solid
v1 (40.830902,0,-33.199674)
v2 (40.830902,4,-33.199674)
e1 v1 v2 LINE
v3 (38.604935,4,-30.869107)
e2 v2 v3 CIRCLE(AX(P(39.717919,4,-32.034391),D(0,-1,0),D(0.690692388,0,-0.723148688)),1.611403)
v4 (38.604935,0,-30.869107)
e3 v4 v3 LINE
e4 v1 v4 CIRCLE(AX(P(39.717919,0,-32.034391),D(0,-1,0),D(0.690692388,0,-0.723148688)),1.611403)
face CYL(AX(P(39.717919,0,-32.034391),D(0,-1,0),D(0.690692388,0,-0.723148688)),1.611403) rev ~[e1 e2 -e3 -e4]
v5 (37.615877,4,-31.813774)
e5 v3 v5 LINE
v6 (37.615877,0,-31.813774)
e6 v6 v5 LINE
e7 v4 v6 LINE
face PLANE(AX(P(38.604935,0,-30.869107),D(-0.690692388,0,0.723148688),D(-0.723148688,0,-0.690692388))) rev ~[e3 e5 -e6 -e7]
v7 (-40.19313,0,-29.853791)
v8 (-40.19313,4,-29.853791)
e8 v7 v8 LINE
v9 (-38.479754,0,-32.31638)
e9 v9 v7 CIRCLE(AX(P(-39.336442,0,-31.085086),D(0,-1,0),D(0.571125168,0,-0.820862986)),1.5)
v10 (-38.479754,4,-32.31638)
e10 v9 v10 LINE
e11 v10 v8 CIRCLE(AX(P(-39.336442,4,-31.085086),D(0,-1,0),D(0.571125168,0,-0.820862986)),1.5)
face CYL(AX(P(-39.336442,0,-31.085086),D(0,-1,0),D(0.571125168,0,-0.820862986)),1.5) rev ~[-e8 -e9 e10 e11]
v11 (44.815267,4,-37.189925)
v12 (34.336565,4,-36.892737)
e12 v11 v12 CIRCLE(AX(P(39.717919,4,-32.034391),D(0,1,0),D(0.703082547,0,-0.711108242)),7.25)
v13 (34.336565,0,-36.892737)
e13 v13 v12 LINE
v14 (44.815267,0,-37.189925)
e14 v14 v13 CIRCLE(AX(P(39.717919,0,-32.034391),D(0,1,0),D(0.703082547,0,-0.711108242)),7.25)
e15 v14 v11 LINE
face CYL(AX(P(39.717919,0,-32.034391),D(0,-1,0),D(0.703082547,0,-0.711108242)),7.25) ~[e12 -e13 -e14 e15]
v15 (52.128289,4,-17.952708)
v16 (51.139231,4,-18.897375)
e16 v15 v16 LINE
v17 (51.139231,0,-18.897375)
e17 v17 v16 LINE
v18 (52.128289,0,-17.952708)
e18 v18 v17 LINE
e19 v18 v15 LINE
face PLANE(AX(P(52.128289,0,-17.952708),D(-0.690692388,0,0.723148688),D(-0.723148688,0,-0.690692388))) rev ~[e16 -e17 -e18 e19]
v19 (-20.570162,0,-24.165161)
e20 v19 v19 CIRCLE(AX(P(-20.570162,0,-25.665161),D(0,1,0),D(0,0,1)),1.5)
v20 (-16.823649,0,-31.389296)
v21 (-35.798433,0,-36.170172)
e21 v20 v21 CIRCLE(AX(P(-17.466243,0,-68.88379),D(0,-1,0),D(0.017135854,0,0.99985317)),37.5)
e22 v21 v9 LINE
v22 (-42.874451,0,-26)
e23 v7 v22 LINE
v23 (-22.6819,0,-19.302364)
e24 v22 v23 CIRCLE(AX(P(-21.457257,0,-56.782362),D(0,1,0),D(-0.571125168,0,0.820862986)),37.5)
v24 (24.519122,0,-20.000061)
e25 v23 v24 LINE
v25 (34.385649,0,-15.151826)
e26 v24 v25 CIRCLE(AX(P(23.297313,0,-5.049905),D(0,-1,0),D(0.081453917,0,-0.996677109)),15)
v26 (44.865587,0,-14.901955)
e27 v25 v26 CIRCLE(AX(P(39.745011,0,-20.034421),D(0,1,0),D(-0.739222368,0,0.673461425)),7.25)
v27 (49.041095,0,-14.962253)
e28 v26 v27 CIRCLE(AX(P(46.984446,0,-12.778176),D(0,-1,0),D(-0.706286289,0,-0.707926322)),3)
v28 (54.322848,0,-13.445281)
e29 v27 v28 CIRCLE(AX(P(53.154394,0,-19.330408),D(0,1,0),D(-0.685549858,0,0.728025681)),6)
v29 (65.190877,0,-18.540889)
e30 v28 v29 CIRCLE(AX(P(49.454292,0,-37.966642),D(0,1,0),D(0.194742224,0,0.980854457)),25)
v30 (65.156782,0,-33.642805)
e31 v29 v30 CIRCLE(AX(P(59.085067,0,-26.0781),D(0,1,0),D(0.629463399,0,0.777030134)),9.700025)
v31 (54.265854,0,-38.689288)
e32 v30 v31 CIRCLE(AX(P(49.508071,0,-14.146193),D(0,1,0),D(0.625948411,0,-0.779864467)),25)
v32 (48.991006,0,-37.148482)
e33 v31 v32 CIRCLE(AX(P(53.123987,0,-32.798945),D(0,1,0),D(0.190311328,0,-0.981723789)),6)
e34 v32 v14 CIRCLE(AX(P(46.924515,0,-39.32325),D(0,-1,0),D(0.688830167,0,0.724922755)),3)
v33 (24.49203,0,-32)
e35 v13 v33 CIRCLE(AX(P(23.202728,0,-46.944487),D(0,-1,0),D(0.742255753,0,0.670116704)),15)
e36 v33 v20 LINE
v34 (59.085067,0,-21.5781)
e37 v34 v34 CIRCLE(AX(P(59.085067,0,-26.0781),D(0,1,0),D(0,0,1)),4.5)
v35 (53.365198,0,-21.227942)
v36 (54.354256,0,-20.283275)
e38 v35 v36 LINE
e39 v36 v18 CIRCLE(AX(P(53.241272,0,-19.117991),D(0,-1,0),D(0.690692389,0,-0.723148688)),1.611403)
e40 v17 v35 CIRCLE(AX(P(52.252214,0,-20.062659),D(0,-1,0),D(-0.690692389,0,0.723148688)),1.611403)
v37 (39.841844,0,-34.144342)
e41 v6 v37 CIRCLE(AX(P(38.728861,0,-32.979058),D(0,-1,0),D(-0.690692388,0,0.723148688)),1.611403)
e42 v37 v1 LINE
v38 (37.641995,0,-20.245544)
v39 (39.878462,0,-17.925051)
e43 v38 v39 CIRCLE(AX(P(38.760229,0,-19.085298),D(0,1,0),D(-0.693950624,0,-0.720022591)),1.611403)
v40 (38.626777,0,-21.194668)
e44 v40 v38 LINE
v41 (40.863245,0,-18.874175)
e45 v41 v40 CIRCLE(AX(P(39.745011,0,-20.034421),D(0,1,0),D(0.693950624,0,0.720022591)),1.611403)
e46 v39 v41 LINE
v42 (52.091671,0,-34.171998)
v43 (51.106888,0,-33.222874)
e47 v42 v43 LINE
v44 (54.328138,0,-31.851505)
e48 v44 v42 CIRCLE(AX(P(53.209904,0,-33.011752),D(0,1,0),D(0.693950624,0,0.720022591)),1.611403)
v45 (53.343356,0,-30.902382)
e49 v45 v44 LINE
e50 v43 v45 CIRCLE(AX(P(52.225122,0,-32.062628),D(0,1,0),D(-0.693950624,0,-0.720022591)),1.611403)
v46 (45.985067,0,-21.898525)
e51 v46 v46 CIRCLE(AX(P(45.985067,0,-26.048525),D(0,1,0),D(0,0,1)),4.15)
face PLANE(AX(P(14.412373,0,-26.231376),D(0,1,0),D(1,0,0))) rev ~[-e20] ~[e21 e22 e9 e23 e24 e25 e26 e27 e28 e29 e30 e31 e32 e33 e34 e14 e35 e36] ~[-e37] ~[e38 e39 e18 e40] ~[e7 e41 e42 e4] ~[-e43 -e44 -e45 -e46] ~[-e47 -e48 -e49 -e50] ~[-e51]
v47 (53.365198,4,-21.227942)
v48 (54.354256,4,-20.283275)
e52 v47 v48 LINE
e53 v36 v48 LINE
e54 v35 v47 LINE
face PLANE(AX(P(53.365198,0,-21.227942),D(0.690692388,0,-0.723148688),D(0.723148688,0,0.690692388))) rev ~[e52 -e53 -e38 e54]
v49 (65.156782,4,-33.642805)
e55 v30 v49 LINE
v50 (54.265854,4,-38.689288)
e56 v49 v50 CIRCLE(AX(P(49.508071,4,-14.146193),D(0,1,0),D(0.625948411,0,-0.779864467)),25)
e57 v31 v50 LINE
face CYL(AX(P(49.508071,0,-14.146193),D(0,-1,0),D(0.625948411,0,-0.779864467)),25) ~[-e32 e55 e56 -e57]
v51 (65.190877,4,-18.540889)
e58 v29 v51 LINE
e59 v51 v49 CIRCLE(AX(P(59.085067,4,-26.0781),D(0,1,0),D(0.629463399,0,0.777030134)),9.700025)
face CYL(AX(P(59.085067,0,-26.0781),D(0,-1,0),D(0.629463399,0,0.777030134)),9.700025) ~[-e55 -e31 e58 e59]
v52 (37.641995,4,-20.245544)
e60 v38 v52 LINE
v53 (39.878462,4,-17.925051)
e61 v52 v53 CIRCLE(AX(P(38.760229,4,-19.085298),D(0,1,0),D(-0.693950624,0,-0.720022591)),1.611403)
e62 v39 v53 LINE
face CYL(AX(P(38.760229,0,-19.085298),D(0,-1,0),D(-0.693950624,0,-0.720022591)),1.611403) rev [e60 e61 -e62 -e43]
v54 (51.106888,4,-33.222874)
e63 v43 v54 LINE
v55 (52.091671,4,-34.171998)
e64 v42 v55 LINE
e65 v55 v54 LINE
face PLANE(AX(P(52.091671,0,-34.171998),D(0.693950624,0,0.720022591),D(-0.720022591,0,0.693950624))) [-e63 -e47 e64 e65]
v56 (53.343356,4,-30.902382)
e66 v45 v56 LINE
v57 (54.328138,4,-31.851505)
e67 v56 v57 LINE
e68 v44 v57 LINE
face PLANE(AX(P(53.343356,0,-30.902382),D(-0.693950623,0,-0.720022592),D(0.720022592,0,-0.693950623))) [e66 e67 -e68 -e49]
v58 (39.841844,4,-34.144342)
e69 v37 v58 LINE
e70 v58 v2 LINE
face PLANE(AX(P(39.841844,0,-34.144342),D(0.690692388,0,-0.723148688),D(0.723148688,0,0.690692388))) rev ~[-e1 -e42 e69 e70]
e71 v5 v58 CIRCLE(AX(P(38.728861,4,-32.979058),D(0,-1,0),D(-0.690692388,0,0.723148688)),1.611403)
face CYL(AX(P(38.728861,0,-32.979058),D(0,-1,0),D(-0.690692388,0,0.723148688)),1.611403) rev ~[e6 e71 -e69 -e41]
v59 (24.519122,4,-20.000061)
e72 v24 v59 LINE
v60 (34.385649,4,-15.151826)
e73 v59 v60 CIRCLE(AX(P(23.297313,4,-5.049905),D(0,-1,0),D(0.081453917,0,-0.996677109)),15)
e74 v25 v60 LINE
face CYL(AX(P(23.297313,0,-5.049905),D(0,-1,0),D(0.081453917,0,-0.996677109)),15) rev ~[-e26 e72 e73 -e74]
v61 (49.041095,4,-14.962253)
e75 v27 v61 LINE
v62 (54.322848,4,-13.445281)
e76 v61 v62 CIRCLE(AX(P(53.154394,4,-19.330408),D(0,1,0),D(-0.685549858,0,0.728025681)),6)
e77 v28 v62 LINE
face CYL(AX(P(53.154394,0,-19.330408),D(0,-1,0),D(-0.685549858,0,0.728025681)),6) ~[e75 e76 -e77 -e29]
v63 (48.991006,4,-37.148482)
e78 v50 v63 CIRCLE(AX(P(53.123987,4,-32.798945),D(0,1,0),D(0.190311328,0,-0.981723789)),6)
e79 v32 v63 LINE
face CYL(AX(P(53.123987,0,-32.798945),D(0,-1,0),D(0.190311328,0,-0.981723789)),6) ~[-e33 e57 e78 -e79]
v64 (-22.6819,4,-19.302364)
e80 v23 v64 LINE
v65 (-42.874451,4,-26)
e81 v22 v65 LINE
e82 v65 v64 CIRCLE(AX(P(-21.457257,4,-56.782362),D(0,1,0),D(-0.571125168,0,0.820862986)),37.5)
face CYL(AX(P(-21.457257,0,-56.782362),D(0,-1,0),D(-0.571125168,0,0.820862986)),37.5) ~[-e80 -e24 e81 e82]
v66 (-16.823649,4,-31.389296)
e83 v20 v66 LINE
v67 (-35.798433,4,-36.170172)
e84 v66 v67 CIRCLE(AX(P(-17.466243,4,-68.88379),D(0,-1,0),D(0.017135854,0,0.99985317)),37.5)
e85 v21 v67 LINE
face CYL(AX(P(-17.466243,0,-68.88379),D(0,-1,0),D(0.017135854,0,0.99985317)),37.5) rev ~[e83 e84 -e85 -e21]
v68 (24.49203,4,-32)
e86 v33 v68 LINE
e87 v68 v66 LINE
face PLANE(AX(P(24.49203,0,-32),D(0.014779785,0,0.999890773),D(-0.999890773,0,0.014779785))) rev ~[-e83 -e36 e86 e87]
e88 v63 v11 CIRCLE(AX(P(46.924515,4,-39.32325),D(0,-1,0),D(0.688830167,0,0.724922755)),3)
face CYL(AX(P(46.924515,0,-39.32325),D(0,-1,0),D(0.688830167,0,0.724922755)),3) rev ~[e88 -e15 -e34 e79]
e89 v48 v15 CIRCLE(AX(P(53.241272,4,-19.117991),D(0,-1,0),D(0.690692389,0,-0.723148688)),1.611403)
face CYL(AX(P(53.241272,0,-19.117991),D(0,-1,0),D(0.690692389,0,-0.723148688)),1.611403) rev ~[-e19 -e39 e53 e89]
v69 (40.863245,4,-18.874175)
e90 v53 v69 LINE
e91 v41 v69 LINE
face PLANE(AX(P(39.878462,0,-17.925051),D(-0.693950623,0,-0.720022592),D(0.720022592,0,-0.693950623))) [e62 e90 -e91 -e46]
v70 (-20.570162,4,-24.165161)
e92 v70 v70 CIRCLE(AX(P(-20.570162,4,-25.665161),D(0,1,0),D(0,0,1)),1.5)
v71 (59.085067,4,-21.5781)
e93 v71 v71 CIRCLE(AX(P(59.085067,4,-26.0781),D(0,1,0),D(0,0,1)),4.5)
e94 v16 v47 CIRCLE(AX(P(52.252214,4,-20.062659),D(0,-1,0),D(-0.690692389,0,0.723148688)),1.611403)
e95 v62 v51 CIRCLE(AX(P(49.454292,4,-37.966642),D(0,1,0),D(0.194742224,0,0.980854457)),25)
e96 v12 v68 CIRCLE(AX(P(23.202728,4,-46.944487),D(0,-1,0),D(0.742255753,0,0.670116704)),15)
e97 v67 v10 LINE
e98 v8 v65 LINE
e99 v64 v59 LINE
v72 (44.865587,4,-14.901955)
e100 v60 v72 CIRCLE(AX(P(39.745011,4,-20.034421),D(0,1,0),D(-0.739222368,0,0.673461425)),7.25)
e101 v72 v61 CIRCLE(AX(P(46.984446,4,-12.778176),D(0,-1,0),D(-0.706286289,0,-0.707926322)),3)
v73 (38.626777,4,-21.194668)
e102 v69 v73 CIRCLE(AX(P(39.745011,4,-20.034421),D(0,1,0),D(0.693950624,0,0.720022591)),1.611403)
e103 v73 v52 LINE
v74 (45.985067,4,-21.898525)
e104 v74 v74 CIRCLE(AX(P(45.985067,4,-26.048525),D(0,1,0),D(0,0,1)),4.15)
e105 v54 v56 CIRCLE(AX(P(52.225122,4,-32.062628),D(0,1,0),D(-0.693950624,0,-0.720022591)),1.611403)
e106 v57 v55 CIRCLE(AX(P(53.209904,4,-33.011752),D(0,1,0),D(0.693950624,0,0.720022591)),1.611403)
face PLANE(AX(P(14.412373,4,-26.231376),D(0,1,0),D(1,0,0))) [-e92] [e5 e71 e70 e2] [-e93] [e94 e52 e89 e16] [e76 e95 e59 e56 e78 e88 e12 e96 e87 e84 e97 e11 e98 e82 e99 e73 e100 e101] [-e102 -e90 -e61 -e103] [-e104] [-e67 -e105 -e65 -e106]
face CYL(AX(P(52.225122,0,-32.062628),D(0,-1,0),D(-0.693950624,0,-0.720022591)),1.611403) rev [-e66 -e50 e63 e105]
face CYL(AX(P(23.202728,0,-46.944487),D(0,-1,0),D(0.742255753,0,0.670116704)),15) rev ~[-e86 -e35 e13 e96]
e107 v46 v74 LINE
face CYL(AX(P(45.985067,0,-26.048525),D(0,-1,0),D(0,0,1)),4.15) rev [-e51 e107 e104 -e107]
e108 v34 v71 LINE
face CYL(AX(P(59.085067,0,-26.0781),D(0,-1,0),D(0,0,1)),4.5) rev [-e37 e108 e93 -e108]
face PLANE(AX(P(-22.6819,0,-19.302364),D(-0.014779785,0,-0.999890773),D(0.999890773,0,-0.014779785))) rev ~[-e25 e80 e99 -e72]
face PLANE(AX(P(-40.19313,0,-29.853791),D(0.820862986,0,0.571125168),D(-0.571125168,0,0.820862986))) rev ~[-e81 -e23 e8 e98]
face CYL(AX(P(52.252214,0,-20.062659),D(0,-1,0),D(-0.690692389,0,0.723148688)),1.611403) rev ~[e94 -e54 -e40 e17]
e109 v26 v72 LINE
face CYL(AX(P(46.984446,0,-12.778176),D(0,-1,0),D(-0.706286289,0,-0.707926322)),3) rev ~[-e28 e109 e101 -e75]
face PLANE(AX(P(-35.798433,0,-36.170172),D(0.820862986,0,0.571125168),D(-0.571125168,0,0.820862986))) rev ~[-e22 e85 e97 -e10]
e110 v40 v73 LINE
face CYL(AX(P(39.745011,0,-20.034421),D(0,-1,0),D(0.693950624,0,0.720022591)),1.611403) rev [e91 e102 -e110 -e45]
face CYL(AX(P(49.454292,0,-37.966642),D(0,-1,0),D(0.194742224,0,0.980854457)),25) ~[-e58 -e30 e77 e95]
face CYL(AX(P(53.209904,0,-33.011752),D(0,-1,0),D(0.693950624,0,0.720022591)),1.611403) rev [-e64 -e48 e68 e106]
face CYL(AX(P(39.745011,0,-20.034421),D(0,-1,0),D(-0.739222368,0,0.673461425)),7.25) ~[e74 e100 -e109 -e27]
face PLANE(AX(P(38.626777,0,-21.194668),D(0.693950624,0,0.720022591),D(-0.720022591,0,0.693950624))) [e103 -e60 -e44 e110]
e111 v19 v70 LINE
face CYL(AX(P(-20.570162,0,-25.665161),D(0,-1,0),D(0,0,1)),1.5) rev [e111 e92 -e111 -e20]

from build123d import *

# Parameters (mm, degrees)
SKETCH1_R           = 4.5
SKETCH1_R_2         = 4.15
SKETCH1_R_3         = 1.5
BOSS_EXTRUDE2_DEPTH = 4


with BuildPart() as part:
    # Sketch1 → Boss-Extrude2 (new body)
    with BuildSketch(Plane(origin=(0, 0, 0), x_dir=(1, 0, 0), z_dir=(0, 1, 0))):
        with BuildLine():
            Line((24.492030041, 32), (-16.82364897, 31.38929644))
            ThreePointArc((-16.82364897, 31.38929644), (-26.628373919, 32.520273369), (-35.798432863, 36.170171872))
            Line((-35.798432863, 36.170171872), (-38.479754021, 32.316380416))
            ThreePointArc((-38.479754021, 32.316380416), (-38.105147294, 30.228398184), (-40.193129525, 29.853791457))
            Line((-40.193129525, 29.853791457), (-42.874450683, 26))
            ThreePointArc((-42.874450683, 26), (-33.263093393, 21.189213431), (-22.681899906, 19.302363998))
            Line((-22.681899906, 19.302363998), (24.519122197, 20.000061166))
            ThreePointArc((24.519122197, 20.000061166), (29.912542793, 18.512398384), (34.38564897, 15.151825901))
            ThreePointArc((34.38564897, 15.151825901), (39.572200335, 12.78648108), (44.865586737, 14.901955396))
            ThreePointArc((44.865586737, 14.901955396), (46.941127439, 15.77786367), (49.041095181, 14.962253472))
            ThreePointArc((49.041095181, 14.962253472), (51.498094019, 13.563547988), (54.322847672, 13.445280812))
            ThreePointArc((54.322847672, 13.445280812), (60.067220976, 15.331144894), (65.190877045, 18.540888881))
            ThreePointArc((65.190877045, 18.540888881), (68.785066518, 26.1), (65.156781581, 33.642805002))
            ThreePointArc((65.156781581, 33.642805002), (60.018684596, 36.829381119), (54.265854499, 38.689288065))
            ThreePointArc((54.265854499, 38.689288065), (51.441663661, 38.558267317), (48.991005527, 37.148481859))
            ThreePointArc((48.991005527, 37.148481859), (46.894741967, 36.323397867), (44.815267383, 37.189925399))
            ThreePointArc((44.815267383, 37.189925399), (39.512382816, 39.281476607), (34.336564706, 36.892736755))
            ThreePointArc((34.336564706, 36.892736755), (29.878678322, 33.512000849), (24.492030041, 32))
        make_face()
        with Locations(Location((59.085066518, 26.078100395, 0), (0, 0, 270))):
            Circle(SKETCH1_R, mode=Mode.SUBTRACT)
        with Locations(Location((45.985066518, 26.04852464, 0), (0, 0, 270))):
            Circle(SKETCH1_R_2, mode=Mode.SUBTRACT)
        with Locations(Location((-20.570161775, 25.66516132, 0), (0, 0, 270))):
            Circle(SKETCH1_R_3, mode=Mode.SUBTRACT)
        with BuildLine():
            Line((39.841844345, 34.144341712), (40.83090249, 33.199674393))
            ThreePointArc((40.83090249, 33.199674393), (40.883202658, 30.92140707), (38.604935336, 30.869106902))
            Line((38.604935336, 30.869106902), (37.615877191, 31.813774221))
            ThreePointArc((37.615877191, 31.813774221), (37.563577023, 34.092041544), (39.841844345, 34.144341712))
        make_face(mode=Mode.SUBTRACT)
        with BuildLine():
            Line((52.091670541, 34.171998037), (51.106887992, 33.222874395))
            ThreePointArc((51.106887992, 33.222874395), (51.064875553, 30.944394144), (53.343355804, 30.902381704))
            Line((53.343355804, 30.902381704), (54.328138354, 31.851505346))
            ThreePointArc((54.328138354, 31.851505346), (54.370150793, 34.129985598), (52.091670541, 34.171998037))
        make_face(mode=Mode.SUBTRACT)
        with BuildLine():
            Line((52.128288691, 17.952707568), (51.139230546, 18.897374887))
            ThreePointArc((51.139230546, 18.897374887), (51.086930378, 21.17564221), (53.365197701, 21.227942378))
            Line((53.365197701, 21.227942378), (54.354255846, 20.283275059))
            ThreePointArc((54.354255846, 20.283275059), (54.406556014, 18.005007736), (52.128288691, 17.952707568))
        make_face(mode=Mode.SUBTRACT)
        with BuildLine():
            Line((39.878462495, 17.925051243), (40.863245045, 18.874174885))
            ThreePointArc((40.863245045, 18.874174885), (40.905257484, 21.152655136), (38.626777232, 21.194667576))
            Line((38.626777232, 21.194667576), (37.641994683, 20.245543933))
            ThreePointArc((37.641994683, 20.245543933), (37.599982244, 17.967063682), (39.878462495, 17.925051243))
        make_face(mode=Mode.SUBTRACT)
    extrude(amount=BOSS_EXTRUDE2_DEPTH)


solid = part.part
